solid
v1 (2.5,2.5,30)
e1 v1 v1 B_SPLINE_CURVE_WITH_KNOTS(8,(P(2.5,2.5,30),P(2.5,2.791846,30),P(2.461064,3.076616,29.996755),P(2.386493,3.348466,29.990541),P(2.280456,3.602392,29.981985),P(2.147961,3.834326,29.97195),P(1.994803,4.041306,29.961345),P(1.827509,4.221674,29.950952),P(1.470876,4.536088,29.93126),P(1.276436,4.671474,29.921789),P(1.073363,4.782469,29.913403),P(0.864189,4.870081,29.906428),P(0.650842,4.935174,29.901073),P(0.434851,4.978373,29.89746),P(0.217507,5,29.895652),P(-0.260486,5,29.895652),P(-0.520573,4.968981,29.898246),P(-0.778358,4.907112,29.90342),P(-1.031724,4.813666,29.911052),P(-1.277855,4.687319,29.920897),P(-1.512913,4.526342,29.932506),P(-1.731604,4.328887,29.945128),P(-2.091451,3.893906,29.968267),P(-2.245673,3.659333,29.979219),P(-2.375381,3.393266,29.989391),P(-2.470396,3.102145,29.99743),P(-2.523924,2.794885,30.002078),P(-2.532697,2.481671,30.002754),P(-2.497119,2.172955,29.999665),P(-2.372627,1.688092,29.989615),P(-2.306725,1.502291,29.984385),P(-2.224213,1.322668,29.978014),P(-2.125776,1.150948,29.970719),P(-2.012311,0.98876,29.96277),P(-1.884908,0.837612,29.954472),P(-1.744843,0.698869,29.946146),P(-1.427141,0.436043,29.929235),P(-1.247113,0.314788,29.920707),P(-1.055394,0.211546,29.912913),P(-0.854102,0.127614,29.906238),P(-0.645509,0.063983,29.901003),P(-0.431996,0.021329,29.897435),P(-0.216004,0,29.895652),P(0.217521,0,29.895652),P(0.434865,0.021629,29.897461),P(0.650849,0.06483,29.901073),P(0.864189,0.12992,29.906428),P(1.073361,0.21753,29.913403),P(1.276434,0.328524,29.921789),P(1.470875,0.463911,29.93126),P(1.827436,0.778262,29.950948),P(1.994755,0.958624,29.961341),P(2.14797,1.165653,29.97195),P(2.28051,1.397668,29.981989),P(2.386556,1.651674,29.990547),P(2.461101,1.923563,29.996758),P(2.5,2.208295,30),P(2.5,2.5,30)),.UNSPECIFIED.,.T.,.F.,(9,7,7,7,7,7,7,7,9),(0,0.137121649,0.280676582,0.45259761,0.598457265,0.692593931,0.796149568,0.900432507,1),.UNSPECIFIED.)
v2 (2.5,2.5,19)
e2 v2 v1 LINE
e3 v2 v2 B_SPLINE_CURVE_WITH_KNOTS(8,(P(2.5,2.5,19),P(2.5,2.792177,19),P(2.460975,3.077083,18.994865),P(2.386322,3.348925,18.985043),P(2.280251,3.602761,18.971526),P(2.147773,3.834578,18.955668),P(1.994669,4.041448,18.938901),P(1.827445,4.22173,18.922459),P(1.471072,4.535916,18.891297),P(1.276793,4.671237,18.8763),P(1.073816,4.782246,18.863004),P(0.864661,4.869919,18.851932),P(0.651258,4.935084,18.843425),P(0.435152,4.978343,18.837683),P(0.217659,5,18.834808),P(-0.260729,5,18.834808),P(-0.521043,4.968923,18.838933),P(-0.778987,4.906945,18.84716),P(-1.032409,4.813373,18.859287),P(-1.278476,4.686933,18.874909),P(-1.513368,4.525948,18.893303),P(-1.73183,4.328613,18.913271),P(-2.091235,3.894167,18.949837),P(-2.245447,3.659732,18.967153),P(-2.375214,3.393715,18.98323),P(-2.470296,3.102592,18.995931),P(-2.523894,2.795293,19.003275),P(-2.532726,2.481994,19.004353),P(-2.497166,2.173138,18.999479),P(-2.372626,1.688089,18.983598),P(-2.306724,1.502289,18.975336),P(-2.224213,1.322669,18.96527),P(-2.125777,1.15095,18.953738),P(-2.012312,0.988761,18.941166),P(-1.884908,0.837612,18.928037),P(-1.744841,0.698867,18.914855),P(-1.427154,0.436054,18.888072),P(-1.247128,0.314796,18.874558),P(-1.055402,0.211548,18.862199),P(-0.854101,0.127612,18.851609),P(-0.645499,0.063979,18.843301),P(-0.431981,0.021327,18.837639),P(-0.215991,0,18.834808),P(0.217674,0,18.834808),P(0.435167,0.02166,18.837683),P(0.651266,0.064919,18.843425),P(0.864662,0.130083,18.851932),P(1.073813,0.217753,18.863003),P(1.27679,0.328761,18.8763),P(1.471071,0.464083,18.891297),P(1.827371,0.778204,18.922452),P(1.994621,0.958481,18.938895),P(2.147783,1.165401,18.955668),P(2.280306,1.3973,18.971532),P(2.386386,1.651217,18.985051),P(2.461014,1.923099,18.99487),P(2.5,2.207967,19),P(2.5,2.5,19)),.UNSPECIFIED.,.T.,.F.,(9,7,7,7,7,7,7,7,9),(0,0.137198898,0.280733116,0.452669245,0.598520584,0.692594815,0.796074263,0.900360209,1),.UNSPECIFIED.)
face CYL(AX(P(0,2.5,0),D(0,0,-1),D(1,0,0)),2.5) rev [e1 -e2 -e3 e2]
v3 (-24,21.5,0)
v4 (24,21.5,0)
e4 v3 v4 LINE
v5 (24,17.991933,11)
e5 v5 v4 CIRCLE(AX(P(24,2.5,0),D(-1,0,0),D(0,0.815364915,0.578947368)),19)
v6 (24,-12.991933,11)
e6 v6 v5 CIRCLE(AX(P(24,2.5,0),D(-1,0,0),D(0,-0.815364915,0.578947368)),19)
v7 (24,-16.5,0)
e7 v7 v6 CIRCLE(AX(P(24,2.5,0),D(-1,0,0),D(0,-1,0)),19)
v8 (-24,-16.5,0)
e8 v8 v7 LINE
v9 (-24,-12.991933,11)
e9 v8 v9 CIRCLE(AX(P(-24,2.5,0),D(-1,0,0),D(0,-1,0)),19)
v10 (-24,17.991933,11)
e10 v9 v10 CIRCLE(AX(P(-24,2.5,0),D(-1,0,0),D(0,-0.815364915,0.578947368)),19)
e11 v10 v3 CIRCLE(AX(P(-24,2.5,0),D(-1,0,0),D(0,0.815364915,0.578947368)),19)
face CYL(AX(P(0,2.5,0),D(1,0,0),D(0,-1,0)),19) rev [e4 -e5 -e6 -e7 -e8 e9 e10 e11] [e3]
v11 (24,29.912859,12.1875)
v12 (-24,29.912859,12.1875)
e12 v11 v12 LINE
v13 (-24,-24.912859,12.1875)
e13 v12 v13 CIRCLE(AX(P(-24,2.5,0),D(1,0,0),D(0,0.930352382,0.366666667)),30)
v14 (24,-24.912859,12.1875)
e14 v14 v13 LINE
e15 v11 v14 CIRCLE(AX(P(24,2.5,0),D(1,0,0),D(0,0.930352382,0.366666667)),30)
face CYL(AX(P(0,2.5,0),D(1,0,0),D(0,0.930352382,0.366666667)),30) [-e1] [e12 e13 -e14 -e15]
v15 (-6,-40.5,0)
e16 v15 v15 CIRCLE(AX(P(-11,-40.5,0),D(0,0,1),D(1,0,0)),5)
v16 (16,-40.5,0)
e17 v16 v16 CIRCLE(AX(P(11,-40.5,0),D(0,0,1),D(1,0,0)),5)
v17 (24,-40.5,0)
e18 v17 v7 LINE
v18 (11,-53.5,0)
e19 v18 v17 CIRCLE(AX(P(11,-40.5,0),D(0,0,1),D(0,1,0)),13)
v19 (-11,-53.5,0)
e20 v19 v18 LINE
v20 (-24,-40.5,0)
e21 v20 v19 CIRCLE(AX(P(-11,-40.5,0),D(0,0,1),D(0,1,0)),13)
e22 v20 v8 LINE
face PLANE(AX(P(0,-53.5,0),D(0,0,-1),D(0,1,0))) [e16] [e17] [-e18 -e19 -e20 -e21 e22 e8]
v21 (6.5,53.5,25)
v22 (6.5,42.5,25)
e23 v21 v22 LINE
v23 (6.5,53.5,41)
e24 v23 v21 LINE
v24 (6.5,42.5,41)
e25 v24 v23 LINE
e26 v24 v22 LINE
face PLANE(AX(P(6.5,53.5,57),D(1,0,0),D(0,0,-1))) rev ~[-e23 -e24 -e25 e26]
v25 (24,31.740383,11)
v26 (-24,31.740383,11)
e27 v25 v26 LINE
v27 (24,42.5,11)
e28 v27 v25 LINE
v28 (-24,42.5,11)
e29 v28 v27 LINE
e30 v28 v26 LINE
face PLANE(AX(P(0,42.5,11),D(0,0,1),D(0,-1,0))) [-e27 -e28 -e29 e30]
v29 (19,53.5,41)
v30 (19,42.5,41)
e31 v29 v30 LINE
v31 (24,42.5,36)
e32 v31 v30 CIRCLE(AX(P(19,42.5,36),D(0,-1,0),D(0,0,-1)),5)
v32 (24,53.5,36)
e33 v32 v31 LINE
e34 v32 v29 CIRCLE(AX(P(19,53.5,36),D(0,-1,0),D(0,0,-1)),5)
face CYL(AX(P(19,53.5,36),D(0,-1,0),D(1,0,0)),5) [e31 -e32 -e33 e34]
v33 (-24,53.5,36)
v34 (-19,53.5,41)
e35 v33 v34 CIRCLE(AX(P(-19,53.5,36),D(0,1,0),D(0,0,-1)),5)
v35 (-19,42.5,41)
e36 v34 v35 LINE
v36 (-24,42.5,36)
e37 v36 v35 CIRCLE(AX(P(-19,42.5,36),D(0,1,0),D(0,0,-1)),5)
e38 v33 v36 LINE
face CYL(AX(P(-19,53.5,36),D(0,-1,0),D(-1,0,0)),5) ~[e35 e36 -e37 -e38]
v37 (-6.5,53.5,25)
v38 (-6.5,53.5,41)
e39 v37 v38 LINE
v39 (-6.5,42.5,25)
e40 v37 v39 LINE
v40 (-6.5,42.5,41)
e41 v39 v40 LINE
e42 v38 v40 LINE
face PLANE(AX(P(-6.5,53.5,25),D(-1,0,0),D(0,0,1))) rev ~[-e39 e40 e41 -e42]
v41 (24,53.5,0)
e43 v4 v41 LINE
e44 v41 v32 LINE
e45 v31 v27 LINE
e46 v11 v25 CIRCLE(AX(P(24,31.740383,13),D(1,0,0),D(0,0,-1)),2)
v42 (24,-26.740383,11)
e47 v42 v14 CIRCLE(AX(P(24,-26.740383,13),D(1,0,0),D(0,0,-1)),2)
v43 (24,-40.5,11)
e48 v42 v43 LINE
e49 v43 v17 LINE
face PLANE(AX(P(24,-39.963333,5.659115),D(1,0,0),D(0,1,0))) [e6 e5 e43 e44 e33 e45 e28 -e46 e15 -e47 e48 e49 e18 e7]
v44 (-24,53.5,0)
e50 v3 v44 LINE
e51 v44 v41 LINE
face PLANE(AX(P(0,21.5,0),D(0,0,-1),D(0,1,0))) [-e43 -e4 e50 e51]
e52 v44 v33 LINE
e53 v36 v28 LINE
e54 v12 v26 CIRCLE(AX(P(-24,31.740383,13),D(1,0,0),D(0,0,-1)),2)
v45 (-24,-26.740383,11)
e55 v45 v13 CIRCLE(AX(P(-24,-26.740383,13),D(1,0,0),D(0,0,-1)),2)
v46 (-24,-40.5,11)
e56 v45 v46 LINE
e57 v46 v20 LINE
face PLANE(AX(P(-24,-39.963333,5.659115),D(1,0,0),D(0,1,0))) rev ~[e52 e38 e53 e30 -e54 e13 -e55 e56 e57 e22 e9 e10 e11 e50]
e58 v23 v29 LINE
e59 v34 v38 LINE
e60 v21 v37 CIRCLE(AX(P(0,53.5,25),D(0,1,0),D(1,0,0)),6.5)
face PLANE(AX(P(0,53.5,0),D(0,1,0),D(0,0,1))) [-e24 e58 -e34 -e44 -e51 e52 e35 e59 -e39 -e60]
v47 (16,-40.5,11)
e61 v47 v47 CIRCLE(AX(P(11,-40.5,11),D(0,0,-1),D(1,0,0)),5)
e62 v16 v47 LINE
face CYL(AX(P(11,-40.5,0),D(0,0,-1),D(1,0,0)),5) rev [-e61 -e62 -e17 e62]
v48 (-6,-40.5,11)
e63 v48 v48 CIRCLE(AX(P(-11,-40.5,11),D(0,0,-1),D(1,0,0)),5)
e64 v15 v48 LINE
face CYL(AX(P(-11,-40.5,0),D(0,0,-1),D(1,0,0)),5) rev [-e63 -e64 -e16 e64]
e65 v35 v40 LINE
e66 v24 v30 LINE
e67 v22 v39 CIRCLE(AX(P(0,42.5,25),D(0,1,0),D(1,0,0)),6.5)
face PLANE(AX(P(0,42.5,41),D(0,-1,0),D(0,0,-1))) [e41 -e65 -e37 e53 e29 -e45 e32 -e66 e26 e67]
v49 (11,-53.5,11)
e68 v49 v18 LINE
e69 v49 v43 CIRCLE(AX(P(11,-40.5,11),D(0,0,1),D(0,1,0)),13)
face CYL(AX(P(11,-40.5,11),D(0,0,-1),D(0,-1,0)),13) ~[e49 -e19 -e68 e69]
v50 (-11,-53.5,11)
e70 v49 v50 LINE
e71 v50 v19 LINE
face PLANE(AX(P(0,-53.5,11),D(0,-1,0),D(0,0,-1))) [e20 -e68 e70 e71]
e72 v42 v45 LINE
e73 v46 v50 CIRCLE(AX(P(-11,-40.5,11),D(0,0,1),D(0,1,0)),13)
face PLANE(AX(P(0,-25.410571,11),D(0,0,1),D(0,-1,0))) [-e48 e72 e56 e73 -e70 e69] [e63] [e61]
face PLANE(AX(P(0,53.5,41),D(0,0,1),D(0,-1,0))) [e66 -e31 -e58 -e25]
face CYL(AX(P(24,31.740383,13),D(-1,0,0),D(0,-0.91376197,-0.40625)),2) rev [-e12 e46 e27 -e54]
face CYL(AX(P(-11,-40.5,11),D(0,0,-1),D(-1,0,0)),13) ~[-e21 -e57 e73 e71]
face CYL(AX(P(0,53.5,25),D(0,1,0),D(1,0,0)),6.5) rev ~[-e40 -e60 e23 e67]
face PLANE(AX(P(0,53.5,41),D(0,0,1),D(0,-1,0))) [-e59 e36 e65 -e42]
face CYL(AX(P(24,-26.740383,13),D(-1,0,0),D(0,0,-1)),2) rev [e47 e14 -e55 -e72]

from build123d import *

# Parameters (mm, degrees)
F1_DEPTH = 24
F2_W     = 13
F2_H     = 16
F3_DEPTH = 11
F4_R     = 5
F4_R_2   = 2.5
F5_DEPTH = 41.001
F6_R     = 5
F7_R     = 13
F8_R     = 2


with BuildPart() as f1:
    # F0 (on Right) → F1 (new body, symmetric)
    with BuildSketch(Plane.YZ):
        with BuildLine():
            Line((-25.4105714739, 11), (-53.5, 11))
            Line((-53.5, 11), (-53.5, 0))
            Line((-53.5, 0), (-27.5, 0))
            ThreePointArc((-27.5, 0), (-26.9730143031, 5.5983415304), (-25.4105714739, 11))
        make_face()
        with BuildLine():
            Line((-12.9919333848, 11), (-25.4105714739, 11))
            ThreePointArc((-25.4105714739, 11), (-26.9730143031, 5.5983415304), (-27.5, 0))
            Line((-27.5, 0), (-16.5, 0))
            ThreePointArc((-16.5, 0), (-15.6017503893, 5.7729223833), (-12.9919333848, 11))
        make_face()
        with BuildLine():
            ThreePointArc((30.4105714739, 11), (2.5, 30), (-25.4105714739, 11))
            Line((-25.4105714739, 11), (-12.9919333848, 11))
            ThreePointArc((-12.9919333848, 11), (2.5, 19), (17.9919333848, 11))
            Line((17.9919333848, 11), (30.4105714739, 11))
        make_face()
        with BuildLine():
            ThreePointArc((32.5, 0), (31.9730143031, 5.5983415304), (30.4105714739, 11))
            Line((30.4105714739, 11), (17.9919333848, 11))
            ThreePointArc((17.9919333848, 11), (20.6017503893, 5.7729223833), (21.5, 0))
            Line((21.5, 0), (32.5, 0))
        make_face()
        with BuildLine():
            Line((53.5, 41), (42.5, 41))
            Line((42.5, 41), (42.5, 11))
            Line((42.5, 11), (30.4105714739, 11))
            ThreePointArc((30.4105714739, 11), (31.9730143031, 5.5983415304), (32.5, 0))
            Line((32.5, 0), (53.5, 0))
            Line((53.5, 0), (53.5, 41))
        make_face()
    extrude(amount=F1_DEPTH, both=True)

    # F2 (on face) → F3 (cut, through all)
    with BuildSketch(Plane(origin=(0, 53.5, 0), x_dir=(-1, 0, 0), z_dir=(0, 1, 0))):
        with Locations((0, 49)):
            Rectangle(F2_W, F2_H)
        with BuildLine():
            ThreePointArc((-6.5, 25), (0, 31.5), (6.5, 25))
            Line((6.5, 25), (6.5, 41))
            Line((6.5, 41), (-6.5, 41))
            Line((-6.5, 41), (-6.5, 25))
        make_face()
        with BuildLine():
            Line((-6.5, 25), (6.5, 25))
            ThreePointArc((6.5, 25), (0, 31.5), (-6.5, 25))
        make_face()
        with BuildLine():
            ThreePointArc((-6.5, 25), (0, 18.5), (6.5, 25))
            Line((6.5, 25), (-6.5, 25))
        make_face()
    extrude(amount=-F3_DEPTH, mode=Mode.SUBTRACT)

    # F4 (on Top) → F5 (cut, through all)
    with BuildSketch(Plane.XY):
        with Locations((-11, -40.5)):
            Circle(F4_R)
        with Locations((11, -40.5)):
            Circle(F4_R)
        with Locations((0, 2.5)):
            Circle(F4_R_2)
    extrude(amount=F5_DEPTH, mode=Mode.SUBTRACT)

    # F6
    f6_edges = [f1.edges().sort_by_distance(p)[0] for p in [
        (-24, 48, 41),
        (24, 48, 41),
    ]]
    fillet(f6_edges, radius=F6_R)

    # F7
    f7_edges = [f1.edges().sort_by_distance(p)[0] for p in [
        (-24, -53.5, 5.5),
        (24, -53.5, 5.5),
    ]]
    fillet(f7_edges, radius=F7_R)

    # F8
    f8_edges = [f1.edges().sort_by_distance(p)[0] for p in [
        (0, -25.410571, 11),
        (0, 30.410571, 11),
    ]]
    fillet(f8_edges, radius=F8_R)


solid = f1.part
